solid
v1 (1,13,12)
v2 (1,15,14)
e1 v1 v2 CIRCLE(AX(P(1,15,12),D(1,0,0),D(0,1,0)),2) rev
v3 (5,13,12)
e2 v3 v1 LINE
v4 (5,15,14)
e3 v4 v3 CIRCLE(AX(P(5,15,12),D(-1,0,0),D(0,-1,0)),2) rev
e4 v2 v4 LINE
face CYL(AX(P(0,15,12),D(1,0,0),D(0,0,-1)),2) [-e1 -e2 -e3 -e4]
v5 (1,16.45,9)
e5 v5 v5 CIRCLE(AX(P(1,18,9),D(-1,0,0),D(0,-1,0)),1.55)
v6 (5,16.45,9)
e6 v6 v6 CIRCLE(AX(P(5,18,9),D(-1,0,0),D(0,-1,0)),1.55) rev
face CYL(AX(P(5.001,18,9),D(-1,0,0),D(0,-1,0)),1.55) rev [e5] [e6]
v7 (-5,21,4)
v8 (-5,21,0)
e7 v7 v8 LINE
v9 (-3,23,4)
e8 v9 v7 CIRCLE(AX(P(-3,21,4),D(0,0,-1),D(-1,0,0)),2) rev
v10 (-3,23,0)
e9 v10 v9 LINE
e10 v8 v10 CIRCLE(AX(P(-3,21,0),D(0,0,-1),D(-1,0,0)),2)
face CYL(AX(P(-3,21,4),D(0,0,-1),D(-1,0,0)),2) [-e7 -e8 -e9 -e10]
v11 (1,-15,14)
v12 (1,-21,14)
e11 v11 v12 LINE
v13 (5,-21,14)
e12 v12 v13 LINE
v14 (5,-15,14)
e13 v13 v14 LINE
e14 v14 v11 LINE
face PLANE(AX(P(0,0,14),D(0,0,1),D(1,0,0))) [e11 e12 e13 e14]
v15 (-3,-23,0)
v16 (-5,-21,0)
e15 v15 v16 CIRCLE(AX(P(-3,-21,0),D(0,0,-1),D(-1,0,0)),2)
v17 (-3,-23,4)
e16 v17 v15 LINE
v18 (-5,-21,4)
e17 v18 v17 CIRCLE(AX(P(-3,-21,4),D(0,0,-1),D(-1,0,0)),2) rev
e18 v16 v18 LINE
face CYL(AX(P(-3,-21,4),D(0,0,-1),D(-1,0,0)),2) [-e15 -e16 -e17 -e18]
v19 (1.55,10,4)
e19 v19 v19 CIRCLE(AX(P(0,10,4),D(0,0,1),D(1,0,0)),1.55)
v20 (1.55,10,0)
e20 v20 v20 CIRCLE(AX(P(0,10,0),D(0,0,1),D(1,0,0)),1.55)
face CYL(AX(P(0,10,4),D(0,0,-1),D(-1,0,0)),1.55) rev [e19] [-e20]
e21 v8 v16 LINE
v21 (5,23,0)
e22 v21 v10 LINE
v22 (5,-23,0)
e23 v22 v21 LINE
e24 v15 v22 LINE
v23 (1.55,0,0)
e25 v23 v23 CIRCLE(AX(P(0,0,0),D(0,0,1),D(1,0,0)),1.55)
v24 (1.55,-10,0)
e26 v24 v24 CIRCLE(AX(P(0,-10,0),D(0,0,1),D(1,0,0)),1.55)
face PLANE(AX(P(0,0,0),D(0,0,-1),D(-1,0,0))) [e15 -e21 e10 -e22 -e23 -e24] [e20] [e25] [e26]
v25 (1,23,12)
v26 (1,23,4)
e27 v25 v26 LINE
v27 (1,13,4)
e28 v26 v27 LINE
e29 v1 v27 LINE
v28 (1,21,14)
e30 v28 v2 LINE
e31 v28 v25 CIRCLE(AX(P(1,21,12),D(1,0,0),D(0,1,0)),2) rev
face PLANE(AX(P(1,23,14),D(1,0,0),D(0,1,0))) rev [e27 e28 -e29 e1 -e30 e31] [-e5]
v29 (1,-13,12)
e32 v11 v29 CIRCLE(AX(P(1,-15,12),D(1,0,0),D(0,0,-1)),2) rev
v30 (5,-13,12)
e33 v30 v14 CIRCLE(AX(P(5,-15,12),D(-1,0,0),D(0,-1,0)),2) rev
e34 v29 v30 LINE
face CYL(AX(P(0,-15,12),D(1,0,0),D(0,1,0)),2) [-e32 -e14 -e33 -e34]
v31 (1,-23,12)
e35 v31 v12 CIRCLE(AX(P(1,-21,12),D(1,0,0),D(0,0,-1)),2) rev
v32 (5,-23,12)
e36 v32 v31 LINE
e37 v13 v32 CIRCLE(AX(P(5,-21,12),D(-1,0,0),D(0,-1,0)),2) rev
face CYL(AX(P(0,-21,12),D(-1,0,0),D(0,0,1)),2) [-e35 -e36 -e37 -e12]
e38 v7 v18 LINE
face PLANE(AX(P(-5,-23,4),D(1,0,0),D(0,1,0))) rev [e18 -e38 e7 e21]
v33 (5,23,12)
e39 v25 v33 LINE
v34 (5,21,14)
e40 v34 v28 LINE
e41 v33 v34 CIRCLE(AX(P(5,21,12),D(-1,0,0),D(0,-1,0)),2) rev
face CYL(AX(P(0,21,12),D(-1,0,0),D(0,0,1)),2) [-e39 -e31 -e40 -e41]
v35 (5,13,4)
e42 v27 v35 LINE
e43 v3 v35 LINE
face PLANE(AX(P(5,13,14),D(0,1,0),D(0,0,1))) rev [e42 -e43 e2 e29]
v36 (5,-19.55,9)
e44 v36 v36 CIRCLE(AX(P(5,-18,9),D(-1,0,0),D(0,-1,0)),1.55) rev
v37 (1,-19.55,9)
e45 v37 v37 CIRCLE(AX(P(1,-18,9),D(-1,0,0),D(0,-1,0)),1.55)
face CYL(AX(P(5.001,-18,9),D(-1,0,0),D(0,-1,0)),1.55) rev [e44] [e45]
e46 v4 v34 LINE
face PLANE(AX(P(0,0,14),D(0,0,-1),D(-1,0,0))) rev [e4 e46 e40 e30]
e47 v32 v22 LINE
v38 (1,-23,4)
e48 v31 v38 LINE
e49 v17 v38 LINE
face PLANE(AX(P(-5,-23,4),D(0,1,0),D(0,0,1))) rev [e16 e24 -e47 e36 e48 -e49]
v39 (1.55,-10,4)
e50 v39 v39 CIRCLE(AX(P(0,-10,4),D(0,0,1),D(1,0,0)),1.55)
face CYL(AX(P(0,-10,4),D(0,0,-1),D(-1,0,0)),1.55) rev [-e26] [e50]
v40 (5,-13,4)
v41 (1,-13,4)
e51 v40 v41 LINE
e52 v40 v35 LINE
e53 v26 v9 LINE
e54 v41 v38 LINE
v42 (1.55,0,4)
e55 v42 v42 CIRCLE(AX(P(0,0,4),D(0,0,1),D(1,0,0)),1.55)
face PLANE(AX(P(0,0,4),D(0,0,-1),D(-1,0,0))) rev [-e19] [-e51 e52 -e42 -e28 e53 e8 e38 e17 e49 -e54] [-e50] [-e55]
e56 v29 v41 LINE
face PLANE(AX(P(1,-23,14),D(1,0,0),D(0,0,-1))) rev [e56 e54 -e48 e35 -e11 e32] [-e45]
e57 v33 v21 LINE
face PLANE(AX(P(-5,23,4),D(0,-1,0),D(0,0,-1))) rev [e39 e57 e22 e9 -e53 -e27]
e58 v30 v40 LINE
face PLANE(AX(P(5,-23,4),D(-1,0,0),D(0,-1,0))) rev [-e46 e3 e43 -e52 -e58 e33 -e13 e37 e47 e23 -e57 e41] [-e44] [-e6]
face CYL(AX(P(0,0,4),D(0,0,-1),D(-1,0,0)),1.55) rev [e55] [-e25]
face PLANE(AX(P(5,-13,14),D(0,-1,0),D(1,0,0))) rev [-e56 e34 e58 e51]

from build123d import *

# Parameters (mm, degrees)
SKETCH1_W           = 10
SKETCH1_H           = 46
SKETCH1_R           = 1.55
BOSS_EXTRUDE1_DEPTH = 4
SKETCH2_W           = 4
SKETCH2_H           = 10
BOSS_EXTRUDE2_DEPTH = 10
CUT_EXTRUDE1_REACH  = 6
SKETCH3_R           = 1.55
FILLET1_R           = 2


with BuildPart() as part:
    # Sketch1 → Boss-Extrude1 (new body)
    with BuildSketch(Plane.XY):
        Rectangle(SKETCH1_W, SKETCH1_H)
        with Locations((0, 10)):
            Circle(SKETCH1_R, mode=Mode.SUBTRACT)
        Circle(SKETCH1_R, mode=Mode.SUBTRACT)
        with Locations((0, -10)):
            Circle(SKETCH1_R, mode=Mode.SUBTRACT)
    extrude(amount=BOSS_EXTRUDE1_DEPTH)

    # Sketch2 → Boss-Extrude2 (add)
    with BuildSketch(Plane.XY.offset(4)):
        with Locations((3, 18)):
            Rectangle(SKETCH2_W, SKETCH2_H)
        with Locations((3, -18)):
            Rectangle(SKETCH2_W, SKETCH2_H)
    extrude(amount=BOSS_EXTRUDE2_DEPTH)

    # Sketch3 → Cut-Extrude1 (cut, up to next)
    with BuildSketch(Plane.ZY.offset(-1), mode=Mode.PRIVATE) as cut_extrude1_sk1:
        with Locations((9, 18)):
            Circle(SKETCH3_R)
    cut_extrude1_tool1 = extrude(cut_extrude1_sk1.sketch, amount=-CUT_EXTRUDE1_REACH, mode=Mode.PRIVATE) & part.part
    add(cut_extrude1_tool1.solids().sort_by_distance((1, 18, 9))[0], mode=Mode.SUBTRACT)
    # Sketch3 → Cut-Extrude1 (cut, up to next)
    with BuildSketch(Plane.ZY.offset(-1), mode=Mode.PRIVATE) as cut_extrude1_sk2:
        with Locations((9, -18)):
            Circle(SKETCH3_R)
    cut_extrude1_tool2 = extrude(cut_extrude1_sk2.sketch, amount=-CUT_EXTRUDE1_REACH, mode=Mode.PRIVATE) & part.part
    add(cut_extrude1_tool2.solids().sort_by_distance((1, -18, 9))[0], mode=Mode.SUBTRACT)

    # Fillet1
    fillet1_edges = [part.edges().sort_by_distance(p)[0] for p in [
        (3, 23, 14),
        (3, 13, 14),
        (3, -13, 14),
        (3, -23, 14),
        (-5, -23, 2),
        (-5, 23, 2),
    ]]
    fillet(fillet1_edges, radius=FILLET1_R)


solid = part.part
